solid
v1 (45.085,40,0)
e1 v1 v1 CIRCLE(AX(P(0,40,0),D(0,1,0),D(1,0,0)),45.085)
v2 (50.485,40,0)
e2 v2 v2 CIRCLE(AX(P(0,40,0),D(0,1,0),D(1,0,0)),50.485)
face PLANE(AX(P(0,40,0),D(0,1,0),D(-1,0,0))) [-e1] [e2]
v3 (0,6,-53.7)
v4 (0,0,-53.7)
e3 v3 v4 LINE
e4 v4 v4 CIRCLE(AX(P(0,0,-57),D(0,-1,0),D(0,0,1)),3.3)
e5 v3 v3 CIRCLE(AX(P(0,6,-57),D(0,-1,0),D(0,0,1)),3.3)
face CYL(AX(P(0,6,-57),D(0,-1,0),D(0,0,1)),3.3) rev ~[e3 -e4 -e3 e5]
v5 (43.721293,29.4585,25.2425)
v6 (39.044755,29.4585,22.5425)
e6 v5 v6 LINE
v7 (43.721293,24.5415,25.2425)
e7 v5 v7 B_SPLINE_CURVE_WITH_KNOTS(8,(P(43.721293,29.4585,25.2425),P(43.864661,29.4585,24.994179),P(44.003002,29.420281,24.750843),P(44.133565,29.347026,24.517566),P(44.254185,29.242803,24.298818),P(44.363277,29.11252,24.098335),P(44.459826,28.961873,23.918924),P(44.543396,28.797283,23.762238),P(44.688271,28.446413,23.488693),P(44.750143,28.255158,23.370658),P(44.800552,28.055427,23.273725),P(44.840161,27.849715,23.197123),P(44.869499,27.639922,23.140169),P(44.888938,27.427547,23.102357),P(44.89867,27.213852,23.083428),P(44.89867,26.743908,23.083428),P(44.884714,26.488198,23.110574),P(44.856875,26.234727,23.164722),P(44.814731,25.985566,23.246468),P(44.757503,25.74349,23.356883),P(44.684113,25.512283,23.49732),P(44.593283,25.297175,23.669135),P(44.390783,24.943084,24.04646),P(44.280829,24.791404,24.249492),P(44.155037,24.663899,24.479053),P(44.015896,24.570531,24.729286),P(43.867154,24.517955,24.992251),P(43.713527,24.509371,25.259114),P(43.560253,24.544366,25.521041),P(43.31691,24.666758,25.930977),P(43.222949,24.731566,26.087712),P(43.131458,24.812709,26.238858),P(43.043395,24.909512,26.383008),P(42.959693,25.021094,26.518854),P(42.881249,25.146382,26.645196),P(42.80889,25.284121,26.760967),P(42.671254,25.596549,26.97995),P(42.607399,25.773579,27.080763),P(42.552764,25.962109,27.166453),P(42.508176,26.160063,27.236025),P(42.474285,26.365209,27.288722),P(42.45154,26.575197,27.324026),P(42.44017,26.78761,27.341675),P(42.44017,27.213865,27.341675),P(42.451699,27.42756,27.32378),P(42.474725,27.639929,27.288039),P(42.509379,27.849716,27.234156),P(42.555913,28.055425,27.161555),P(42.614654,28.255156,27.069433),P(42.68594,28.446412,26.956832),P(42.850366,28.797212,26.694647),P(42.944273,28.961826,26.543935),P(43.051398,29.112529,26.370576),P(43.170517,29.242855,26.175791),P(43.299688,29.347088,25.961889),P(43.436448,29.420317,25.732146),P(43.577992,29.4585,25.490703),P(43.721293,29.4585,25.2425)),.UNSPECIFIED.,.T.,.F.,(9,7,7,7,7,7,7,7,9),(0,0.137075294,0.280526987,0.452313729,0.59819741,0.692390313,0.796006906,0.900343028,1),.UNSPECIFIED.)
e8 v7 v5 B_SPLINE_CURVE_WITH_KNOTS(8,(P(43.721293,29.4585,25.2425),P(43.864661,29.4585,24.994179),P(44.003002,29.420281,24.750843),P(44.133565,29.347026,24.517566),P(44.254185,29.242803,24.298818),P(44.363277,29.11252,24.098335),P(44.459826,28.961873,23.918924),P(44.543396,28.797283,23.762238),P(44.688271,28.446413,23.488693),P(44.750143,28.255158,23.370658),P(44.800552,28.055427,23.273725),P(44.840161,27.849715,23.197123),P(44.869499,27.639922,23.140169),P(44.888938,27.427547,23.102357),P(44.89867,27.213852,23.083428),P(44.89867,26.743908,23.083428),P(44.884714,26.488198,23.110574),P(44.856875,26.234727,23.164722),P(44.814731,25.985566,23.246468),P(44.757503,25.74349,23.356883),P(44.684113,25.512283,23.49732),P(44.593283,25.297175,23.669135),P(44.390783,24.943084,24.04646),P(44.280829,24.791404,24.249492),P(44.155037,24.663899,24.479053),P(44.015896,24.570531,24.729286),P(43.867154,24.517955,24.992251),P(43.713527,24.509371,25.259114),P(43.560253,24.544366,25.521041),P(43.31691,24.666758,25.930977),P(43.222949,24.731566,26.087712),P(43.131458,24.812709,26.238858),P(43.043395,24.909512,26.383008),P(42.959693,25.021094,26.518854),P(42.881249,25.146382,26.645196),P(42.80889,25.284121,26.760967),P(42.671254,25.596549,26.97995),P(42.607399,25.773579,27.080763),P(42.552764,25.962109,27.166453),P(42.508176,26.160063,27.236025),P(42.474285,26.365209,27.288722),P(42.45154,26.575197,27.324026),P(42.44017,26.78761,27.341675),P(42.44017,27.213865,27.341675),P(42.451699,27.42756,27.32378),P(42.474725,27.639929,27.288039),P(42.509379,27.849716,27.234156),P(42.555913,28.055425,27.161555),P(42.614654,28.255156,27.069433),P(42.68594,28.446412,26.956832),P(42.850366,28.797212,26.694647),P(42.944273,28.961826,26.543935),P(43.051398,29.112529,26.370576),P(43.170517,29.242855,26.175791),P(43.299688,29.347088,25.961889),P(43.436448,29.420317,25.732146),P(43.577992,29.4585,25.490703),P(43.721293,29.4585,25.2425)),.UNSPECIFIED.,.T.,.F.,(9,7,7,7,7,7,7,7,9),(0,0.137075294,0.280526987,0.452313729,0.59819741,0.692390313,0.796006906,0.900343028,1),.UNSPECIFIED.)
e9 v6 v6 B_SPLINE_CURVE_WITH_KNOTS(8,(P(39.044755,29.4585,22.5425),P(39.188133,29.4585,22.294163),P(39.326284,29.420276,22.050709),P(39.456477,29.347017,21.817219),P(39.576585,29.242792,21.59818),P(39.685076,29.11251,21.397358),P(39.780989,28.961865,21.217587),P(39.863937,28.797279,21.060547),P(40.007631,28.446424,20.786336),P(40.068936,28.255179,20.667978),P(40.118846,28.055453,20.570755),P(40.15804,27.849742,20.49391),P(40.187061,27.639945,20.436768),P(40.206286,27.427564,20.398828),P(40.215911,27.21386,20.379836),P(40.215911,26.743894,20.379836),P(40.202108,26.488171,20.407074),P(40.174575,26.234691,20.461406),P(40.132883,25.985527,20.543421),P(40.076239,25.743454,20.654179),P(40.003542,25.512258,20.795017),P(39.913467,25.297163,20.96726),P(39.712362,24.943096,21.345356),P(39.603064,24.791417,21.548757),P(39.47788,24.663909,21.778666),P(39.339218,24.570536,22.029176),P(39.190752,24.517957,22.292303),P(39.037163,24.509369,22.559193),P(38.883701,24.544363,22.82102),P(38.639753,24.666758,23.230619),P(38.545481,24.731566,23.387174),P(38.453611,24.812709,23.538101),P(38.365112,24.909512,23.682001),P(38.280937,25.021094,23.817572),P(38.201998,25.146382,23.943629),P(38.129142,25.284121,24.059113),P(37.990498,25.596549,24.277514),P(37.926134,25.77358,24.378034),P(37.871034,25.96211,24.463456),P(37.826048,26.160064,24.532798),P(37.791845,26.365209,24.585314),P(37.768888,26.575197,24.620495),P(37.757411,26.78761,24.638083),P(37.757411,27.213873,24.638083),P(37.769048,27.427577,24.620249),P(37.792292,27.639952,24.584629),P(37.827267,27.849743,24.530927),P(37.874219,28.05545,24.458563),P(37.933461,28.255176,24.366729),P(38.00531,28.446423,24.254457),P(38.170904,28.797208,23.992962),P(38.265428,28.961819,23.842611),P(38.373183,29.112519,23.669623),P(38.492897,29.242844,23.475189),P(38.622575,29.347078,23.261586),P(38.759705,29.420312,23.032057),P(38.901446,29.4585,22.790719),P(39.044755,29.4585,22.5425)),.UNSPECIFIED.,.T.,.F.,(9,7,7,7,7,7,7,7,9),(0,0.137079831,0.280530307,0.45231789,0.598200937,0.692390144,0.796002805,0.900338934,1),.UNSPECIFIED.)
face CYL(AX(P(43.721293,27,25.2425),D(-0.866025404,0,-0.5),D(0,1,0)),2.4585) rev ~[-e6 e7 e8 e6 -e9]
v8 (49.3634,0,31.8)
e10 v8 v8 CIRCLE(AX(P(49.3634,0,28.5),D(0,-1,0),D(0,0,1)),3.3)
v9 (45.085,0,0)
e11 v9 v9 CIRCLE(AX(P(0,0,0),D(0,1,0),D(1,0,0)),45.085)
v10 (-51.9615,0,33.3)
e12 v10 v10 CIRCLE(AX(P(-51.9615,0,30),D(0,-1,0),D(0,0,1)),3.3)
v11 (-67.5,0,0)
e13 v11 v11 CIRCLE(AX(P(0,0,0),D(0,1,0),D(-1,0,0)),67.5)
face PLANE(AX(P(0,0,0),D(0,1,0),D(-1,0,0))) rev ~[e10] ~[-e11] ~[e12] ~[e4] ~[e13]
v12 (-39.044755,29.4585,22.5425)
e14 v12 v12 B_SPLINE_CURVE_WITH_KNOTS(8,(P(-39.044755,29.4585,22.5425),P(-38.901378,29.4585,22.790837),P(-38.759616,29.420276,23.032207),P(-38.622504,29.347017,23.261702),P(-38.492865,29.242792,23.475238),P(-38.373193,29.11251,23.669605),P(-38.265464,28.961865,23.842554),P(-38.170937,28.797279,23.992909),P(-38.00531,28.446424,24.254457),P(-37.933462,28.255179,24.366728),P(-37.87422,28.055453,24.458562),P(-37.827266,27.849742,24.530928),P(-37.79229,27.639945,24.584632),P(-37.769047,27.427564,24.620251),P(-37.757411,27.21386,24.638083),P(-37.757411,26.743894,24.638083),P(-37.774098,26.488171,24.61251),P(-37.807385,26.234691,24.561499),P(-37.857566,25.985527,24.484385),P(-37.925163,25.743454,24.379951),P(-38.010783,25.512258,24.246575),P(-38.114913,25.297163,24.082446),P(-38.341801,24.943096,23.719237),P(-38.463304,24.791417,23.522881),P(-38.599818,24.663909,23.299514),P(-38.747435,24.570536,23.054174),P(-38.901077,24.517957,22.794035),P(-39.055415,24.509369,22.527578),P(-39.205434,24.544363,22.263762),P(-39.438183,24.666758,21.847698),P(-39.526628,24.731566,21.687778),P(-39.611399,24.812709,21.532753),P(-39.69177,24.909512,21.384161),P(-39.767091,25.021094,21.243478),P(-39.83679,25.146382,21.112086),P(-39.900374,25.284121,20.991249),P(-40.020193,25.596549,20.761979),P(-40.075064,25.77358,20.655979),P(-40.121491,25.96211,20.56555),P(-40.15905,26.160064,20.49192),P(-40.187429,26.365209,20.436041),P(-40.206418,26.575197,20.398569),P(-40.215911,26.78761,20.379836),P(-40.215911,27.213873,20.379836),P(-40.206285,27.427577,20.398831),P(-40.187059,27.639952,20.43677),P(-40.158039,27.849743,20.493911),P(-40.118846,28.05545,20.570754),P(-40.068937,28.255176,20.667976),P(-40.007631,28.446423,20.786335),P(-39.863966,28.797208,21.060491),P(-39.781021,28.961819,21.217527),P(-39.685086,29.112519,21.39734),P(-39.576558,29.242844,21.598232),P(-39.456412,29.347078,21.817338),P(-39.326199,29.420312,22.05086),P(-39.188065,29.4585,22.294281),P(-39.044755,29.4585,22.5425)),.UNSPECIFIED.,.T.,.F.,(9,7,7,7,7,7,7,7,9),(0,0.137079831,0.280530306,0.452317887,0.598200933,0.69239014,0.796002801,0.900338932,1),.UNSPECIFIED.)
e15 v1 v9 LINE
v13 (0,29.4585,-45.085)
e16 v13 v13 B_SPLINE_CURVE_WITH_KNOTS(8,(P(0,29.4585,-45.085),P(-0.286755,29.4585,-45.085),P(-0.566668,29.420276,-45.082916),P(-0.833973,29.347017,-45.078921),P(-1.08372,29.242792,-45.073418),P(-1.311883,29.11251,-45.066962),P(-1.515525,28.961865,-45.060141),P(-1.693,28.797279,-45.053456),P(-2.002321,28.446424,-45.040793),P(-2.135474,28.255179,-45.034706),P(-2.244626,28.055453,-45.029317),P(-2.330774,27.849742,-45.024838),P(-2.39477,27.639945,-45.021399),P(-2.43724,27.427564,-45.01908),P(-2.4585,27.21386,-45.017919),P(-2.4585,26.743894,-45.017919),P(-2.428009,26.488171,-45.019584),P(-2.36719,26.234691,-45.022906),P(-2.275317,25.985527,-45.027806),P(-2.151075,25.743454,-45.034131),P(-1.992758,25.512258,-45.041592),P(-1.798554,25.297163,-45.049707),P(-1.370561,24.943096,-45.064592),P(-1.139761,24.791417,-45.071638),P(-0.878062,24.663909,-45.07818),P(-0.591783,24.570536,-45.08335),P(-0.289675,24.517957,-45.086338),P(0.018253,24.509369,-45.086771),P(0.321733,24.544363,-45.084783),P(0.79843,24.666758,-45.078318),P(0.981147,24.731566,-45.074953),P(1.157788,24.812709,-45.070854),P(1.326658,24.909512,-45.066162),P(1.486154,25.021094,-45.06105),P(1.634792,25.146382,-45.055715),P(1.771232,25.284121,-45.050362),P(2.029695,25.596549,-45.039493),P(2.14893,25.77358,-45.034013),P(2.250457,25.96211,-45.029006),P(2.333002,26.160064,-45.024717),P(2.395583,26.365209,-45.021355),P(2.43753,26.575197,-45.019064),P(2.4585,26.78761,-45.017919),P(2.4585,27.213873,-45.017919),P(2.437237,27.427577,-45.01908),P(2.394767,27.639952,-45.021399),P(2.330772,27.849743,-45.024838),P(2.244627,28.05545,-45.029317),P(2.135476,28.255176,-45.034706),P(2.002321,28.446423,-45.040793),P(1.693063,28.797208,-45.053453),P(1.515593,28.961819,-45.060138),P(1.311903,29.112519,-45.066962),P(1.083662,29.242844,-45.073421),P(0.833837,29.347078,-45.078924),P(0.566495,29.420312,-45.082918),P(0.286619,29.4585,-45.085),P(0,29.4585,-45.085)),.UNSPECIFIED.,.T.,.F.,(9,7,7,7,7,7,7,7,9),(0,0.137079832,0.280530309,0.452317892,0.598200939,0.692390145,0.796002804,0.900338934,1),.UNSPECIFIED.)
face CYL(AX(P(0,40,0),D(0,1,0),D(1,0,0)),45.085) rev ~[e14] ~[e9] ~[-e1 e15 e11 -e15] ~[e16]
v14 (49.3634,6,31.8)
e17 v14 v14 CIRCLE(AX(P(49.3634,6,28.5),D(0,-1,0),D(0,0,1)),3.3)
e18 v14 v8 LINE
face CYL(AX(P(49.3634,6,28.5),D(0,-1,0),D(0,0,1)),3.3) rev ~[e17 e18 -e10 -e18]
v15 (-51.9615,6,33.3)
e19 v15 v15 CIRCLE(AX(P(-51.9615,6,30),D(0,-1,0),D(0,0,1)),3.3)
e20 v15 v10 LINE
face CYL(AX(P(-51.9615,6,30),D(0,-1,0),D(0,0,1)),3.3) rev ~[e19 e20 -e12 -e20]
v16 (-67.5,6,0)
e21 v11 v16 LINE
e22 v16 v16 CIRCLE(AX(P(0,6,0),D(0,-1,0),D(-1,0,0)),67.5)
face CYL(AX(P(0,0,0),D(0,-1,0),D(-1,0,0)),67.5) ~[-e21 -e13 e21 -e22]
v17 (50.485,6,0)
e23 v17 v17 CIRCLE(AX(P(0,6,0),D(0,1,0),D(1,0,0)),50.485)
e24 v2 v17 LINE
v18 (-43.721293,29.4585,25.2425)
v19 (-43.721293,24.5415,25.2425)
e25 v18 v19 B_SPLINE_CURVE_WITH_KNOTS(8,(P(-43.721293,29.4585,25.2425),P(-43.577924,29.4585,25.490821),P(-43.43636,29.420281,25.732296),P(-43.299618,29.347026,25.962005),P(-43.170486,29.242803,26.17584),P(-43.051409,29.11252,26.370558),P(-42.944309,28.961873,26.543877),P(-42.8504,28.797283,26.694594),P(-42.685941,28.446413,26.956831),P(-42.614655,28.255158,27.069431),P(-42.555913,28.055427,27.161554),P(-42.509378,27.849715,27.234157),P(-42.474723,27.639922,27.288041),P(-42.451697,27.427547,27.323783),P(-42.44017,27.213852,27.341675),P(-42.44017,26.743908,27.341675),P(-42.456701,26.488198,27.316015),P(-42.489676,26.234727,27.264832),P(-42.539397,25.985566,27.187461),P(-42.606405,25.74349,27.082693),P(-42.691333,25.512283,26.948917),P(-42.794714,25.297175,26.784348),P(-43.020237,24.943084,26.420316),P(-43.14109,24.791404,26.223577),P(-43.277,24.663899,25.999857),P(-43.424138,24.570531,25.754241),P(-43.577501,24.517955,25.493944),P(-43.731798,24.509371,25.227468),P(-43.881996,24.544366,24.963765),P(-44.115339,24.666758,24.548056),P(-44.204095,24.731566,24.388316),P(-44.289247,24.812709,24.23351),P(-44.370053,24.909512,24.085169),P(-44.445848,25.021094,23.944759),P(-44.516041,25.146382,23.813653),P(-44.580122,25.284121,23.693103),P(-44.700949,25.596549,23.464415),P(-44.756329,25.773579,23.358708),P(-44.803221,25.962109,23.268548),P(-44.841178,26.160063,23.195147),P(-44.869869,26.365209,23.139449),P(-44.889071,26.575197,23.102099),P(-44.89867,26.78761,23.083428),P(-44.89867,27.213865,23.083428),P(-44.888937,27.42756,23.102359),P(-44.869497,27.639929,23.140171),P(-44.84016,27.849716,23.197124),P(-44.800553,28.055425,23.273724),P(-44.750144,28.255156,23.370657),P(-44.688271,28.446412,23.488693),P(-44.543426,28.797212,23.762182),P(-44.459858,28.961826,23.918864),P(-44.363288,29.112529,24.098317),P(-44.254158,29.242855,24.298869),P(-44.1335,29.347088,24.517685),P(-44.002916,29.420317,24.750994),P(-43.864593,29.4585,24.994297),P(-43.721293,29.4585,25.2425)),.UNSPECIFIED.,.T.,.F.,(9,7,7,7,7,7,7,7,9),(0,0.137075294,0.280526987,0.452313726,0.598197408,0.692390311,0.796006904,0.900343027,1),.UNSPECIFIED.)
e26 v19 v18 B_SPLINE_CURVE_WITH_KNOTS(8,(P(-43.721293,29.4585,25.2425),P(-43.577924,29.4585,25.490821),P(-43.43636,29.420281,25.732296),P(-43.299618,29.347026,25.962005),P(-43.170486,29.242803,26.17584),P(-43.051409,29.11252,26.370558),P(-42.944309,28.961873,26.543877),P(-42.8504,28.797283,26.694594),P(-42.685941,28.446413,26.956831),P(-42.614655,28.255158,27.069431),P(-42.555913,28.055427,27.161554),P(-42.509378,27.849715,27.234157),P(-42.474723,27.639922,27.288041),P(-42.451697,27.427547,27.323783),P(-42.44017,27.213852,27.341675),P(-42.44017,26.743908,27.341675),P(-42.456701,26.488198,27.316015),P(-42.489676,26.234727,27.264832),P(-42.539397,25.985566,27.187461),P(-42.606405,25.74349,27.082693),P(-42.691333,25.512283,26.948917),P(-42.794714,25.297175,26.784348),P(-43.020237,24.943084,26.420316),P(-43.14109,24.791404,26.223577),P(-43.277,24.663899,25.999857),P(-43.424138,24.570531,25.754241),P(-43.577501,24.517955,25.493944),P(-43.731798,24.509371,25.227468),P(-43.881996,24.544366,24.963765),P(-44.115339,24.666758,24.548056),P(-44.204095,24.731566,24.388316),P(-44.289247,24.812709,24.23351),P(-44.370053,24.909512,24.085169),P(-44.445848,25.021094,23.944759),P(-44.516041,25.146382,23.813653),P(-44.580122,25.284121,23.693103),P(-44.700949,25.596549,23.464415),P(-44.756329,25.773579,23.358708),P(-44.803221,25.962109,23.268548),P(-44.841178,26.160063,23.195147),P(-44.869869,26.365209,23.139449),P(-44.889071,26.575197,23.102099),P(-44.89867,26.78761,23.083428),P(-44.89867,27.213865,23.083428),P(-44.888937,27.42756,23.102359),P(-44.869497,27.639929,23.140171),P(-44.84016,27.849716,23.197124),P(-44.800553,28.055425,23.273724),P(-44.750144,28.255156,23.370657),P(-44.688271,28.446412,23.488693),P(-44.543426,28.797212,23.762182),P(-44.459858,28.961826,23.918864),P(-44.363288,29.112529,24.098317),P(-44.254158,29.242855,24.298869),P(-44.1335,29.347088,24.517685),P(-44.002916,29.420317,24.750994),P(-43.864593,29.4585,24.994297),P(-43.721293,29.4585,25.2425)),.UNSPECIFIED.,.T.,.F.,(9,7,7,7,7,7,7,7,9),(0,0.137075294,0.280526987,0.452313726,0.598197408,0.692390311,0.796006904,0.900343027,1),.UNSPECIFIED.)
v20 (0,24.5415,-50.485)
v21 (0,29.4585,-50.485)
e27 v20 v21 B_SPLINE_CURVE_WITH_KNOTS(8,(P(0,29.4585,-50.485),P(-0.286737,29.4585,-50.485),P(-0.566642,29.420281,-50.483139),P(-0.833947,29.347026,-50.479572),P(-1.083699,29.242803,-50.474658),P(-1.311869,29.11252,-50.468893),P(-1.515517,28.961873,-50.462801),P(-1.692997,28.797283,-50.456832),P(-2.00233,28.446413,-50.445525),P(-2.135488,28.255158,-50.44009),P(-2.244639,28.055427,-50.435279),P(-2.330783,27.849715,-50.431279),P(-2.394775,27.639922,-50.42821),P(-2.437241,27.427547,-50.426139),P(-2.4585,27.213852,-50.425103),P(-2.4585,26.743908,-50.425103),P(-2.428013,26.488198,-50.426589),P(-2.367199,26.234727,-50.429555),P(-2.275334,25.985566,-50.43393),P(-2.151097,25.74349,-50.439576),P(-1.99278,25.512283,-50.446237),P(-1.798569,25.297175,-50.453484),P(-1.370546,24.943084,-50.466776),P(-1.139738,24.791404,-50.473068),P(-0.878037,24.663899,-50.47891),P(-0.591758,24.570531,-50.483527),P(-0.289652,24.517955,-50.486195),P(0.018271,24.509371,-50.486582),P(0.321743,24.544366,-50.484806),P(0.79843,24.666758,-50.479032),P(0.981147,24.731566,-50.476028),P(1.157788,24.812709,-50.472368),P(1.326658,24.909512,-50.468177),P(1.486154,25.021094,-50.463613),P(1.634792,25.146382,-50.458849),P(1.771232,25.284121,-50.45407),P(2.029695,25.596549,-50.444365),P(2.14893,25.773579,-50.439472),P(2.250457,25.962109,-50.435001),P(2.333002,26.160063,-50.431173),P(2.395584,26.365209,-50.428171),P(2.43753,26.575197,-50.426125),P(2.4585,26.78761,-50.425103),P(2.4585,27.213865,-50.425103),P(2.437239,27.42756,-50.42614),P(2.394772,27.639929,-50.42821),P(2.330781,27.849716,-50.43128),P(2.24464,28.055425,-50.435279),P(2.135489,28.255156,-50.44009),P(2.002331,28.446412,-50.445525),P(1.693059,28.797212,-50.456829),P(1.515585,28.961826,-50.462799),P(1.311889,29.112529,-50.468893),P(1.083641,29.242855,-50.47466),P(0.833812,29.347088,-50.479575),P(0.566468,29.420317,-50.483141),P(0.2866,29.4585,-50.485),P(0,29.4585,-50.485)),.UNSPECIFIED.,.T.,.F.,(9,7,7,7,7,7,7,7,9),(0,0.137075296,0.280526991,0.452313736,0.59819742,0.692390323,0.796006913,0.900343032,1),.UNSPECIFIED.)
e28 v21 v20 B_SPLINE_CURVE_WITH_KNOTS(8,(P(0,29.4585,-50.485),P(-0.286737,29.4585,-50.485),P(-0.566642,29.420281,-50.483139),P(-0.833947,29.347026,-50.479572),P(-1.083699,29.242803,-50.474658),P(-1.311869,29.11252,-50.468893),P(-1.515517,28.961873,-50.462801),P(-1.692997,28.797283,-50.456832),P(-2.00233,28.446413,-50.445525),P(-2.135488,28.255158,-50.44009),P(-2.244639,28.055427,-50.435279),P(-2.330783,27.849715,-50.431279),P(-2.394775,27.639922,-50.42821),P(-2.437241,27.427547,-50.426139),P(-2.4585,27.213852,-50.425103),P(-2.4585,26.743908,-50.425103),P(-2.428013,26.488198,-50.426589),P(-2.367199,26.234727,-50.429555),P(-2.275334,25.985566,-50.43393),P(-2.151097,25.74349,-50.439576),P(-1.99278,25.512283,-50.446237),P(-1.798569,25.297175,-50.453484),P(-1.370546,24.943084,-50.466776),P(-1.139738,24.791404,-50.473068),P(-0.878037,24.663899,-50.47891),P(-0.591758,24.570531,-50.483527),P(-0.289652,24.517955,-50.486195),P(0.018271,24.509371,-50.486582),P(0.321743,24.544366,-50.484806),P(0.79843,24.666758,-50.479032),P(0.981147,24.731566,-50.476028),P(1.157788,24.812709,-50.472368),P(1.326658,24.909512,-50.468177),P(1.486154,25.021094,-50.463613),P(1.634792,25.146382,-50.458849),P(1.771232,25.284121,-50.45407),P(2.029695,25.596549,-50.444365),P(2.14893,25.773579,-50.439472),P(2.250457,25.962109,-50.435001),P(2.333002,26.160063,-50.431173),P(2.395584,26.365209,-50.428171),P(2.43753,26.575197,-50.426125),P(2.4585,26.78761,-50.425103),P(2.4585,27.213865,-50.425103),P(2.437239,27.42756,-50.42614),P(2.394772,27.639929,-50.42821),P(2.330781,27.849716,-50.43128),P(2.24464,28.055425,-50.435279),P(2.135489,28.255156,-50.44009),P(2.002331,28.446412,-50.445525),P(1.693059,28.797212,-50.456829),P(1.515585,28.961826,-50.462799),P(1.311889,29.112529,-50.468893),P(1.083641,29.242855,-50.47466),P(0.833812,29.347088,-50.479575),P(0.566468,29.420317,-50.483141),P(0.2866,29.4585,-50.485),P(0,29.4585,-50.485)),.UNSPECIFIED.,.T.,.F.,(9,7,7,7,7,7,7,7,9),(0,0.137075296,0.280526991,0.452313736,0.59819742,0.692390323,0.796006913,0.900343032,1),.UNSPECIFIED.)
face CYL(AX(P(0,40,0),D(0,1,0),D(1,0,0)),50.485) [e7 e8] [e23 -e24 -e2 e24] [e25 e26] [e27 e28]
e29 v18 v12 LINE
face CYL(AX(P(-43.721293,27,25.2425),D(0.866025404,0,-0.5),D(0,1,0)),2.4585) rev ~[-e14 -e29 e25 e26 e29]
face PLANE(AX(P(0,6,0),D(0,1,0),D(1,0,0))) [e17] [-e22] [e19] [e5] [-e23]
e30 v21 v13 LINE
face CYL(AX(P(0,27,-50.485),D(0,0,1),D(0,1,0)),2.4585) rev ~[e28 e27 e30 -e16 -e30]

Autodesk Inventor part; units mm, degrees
ref_plane "YZ Plane" through (0, 0, 0) normal (1, 0, 0) x (0, 1, 0)
ref_plane "XZ Plane" through (0, 0, 0) normal (0, 1, 0) x (-1, 0, 0)
sketch "Sketch1" plane through (0, 0, 0) normal (0, 1, 0) x (-1, 0, 0)
  circle A0 centre (0, 0) radius 67.5
  dimension "d0" = 135
extrude "body" add sketch "Sketch1" along normal blind 40
sketch "Sketch2" plane through (0, 40, 0) normal (0, 1, 0) x (1, 0, 0)
  circle A0 centre (0, 0) radius 67.5 projected
  circle A1 centre (0, 0) radius 45.085
  dimension "d4" = 90.17
extrude "hole" cut sketch "Sketch2" against normal blind 101.6 contours A1
sketch "Sketch3" plane through (0, 40, 0) normal (0, 1, 0) x (1, 0, 0)
  circle A0 centre (0, 0) radius 45.085 projected
  circle A1 centre (0, 0) radius 67.5 projected
  circle A2 centre (0, 0) radius 50.485
  dimension "d9" = 5.4
extrude "flange" cut sketch "Sketch3" against normal blind 34 contours A1
sketch "Sketch4" plane through (0, 40, 0) normal (0, 1, 0) x (1, 0, 0)
  circle A0 centre (0, 0) radius 50.485 projected
  circle A1 centre (0, 0) radius 45.085 projected
  point P0 (0, 50.485)
ref_plane "Work Plane1" through (0, 40, -50.485) normal (0, 0, -1) x (-1, 0, 0)
sketch "Sketch5" plane through (0, 40, -50.485) normal (0, 0, -1) x (-1, 0, 0)
  circle A0 centre (0, -13) radius 2.54
  line L0 (50.485, 0) -> (-50.485, 0) projected
  point P0 (0, -40)
  dimension "d12" = 13
  dimension "d13" = 5.08
hole "sideHoleSE" at (0, 27, -50.485) direction (0, 0, 1) diameter 4.917 depth 17.1 tip angle 118 thread size "M6x1" class "6H" standard "ANSI Metric M Profile"
pattern_circular "sideHoleSW" count 2 over 120 about axis through (0, 40, 0) along (0, -1, 0) of "sideHoleSE"
pattern_circular "sideHoleN" count 2 over 120 about axis through (0, 40, 0) along (0, 1, 0) of "sideHoleSE"
sketch "Sketch8" plane through (0, 6, 0) normal (0, 1, 0) x (1, 0, 0)
  circle A0 centre (0, 0) radius 50.485 projected
  circle A1 centre (0, 0) radius 67.5 projected
  circle A2 centre (0, 57) radius 3.1903
  line L0 (0, 0) -> (49.3634, -28.5) construction
  line L1 (0, 0) -> (57, 0) construction
  circle A3 centre (49.3634, -28.5) radius 3.101
  line L2 (0, 0) -> (-51.9615, -30) construction
  line L3 (0, 0) -> (60, 0) construction
  circle A4 centre (-51.9615, -30) radius 3.5807
  dimension "d65" = 57
  dimension "d66" = 57
  dimension "d67" = 30
  dimension "d68" = 60
  dimension "d69" = 150
hole "Hole5" at (0, 6, -57) at (49.3634, 6, 28.5) at (-51.9615, 6, 30) direction (0, -1, 0) diameter 6.6 end through all clearance for "Flat Head Machine Screw" size "M6" standard "Ansi Metric M Profile"
properties part number "2f1col" material "Aluminum 6061"
